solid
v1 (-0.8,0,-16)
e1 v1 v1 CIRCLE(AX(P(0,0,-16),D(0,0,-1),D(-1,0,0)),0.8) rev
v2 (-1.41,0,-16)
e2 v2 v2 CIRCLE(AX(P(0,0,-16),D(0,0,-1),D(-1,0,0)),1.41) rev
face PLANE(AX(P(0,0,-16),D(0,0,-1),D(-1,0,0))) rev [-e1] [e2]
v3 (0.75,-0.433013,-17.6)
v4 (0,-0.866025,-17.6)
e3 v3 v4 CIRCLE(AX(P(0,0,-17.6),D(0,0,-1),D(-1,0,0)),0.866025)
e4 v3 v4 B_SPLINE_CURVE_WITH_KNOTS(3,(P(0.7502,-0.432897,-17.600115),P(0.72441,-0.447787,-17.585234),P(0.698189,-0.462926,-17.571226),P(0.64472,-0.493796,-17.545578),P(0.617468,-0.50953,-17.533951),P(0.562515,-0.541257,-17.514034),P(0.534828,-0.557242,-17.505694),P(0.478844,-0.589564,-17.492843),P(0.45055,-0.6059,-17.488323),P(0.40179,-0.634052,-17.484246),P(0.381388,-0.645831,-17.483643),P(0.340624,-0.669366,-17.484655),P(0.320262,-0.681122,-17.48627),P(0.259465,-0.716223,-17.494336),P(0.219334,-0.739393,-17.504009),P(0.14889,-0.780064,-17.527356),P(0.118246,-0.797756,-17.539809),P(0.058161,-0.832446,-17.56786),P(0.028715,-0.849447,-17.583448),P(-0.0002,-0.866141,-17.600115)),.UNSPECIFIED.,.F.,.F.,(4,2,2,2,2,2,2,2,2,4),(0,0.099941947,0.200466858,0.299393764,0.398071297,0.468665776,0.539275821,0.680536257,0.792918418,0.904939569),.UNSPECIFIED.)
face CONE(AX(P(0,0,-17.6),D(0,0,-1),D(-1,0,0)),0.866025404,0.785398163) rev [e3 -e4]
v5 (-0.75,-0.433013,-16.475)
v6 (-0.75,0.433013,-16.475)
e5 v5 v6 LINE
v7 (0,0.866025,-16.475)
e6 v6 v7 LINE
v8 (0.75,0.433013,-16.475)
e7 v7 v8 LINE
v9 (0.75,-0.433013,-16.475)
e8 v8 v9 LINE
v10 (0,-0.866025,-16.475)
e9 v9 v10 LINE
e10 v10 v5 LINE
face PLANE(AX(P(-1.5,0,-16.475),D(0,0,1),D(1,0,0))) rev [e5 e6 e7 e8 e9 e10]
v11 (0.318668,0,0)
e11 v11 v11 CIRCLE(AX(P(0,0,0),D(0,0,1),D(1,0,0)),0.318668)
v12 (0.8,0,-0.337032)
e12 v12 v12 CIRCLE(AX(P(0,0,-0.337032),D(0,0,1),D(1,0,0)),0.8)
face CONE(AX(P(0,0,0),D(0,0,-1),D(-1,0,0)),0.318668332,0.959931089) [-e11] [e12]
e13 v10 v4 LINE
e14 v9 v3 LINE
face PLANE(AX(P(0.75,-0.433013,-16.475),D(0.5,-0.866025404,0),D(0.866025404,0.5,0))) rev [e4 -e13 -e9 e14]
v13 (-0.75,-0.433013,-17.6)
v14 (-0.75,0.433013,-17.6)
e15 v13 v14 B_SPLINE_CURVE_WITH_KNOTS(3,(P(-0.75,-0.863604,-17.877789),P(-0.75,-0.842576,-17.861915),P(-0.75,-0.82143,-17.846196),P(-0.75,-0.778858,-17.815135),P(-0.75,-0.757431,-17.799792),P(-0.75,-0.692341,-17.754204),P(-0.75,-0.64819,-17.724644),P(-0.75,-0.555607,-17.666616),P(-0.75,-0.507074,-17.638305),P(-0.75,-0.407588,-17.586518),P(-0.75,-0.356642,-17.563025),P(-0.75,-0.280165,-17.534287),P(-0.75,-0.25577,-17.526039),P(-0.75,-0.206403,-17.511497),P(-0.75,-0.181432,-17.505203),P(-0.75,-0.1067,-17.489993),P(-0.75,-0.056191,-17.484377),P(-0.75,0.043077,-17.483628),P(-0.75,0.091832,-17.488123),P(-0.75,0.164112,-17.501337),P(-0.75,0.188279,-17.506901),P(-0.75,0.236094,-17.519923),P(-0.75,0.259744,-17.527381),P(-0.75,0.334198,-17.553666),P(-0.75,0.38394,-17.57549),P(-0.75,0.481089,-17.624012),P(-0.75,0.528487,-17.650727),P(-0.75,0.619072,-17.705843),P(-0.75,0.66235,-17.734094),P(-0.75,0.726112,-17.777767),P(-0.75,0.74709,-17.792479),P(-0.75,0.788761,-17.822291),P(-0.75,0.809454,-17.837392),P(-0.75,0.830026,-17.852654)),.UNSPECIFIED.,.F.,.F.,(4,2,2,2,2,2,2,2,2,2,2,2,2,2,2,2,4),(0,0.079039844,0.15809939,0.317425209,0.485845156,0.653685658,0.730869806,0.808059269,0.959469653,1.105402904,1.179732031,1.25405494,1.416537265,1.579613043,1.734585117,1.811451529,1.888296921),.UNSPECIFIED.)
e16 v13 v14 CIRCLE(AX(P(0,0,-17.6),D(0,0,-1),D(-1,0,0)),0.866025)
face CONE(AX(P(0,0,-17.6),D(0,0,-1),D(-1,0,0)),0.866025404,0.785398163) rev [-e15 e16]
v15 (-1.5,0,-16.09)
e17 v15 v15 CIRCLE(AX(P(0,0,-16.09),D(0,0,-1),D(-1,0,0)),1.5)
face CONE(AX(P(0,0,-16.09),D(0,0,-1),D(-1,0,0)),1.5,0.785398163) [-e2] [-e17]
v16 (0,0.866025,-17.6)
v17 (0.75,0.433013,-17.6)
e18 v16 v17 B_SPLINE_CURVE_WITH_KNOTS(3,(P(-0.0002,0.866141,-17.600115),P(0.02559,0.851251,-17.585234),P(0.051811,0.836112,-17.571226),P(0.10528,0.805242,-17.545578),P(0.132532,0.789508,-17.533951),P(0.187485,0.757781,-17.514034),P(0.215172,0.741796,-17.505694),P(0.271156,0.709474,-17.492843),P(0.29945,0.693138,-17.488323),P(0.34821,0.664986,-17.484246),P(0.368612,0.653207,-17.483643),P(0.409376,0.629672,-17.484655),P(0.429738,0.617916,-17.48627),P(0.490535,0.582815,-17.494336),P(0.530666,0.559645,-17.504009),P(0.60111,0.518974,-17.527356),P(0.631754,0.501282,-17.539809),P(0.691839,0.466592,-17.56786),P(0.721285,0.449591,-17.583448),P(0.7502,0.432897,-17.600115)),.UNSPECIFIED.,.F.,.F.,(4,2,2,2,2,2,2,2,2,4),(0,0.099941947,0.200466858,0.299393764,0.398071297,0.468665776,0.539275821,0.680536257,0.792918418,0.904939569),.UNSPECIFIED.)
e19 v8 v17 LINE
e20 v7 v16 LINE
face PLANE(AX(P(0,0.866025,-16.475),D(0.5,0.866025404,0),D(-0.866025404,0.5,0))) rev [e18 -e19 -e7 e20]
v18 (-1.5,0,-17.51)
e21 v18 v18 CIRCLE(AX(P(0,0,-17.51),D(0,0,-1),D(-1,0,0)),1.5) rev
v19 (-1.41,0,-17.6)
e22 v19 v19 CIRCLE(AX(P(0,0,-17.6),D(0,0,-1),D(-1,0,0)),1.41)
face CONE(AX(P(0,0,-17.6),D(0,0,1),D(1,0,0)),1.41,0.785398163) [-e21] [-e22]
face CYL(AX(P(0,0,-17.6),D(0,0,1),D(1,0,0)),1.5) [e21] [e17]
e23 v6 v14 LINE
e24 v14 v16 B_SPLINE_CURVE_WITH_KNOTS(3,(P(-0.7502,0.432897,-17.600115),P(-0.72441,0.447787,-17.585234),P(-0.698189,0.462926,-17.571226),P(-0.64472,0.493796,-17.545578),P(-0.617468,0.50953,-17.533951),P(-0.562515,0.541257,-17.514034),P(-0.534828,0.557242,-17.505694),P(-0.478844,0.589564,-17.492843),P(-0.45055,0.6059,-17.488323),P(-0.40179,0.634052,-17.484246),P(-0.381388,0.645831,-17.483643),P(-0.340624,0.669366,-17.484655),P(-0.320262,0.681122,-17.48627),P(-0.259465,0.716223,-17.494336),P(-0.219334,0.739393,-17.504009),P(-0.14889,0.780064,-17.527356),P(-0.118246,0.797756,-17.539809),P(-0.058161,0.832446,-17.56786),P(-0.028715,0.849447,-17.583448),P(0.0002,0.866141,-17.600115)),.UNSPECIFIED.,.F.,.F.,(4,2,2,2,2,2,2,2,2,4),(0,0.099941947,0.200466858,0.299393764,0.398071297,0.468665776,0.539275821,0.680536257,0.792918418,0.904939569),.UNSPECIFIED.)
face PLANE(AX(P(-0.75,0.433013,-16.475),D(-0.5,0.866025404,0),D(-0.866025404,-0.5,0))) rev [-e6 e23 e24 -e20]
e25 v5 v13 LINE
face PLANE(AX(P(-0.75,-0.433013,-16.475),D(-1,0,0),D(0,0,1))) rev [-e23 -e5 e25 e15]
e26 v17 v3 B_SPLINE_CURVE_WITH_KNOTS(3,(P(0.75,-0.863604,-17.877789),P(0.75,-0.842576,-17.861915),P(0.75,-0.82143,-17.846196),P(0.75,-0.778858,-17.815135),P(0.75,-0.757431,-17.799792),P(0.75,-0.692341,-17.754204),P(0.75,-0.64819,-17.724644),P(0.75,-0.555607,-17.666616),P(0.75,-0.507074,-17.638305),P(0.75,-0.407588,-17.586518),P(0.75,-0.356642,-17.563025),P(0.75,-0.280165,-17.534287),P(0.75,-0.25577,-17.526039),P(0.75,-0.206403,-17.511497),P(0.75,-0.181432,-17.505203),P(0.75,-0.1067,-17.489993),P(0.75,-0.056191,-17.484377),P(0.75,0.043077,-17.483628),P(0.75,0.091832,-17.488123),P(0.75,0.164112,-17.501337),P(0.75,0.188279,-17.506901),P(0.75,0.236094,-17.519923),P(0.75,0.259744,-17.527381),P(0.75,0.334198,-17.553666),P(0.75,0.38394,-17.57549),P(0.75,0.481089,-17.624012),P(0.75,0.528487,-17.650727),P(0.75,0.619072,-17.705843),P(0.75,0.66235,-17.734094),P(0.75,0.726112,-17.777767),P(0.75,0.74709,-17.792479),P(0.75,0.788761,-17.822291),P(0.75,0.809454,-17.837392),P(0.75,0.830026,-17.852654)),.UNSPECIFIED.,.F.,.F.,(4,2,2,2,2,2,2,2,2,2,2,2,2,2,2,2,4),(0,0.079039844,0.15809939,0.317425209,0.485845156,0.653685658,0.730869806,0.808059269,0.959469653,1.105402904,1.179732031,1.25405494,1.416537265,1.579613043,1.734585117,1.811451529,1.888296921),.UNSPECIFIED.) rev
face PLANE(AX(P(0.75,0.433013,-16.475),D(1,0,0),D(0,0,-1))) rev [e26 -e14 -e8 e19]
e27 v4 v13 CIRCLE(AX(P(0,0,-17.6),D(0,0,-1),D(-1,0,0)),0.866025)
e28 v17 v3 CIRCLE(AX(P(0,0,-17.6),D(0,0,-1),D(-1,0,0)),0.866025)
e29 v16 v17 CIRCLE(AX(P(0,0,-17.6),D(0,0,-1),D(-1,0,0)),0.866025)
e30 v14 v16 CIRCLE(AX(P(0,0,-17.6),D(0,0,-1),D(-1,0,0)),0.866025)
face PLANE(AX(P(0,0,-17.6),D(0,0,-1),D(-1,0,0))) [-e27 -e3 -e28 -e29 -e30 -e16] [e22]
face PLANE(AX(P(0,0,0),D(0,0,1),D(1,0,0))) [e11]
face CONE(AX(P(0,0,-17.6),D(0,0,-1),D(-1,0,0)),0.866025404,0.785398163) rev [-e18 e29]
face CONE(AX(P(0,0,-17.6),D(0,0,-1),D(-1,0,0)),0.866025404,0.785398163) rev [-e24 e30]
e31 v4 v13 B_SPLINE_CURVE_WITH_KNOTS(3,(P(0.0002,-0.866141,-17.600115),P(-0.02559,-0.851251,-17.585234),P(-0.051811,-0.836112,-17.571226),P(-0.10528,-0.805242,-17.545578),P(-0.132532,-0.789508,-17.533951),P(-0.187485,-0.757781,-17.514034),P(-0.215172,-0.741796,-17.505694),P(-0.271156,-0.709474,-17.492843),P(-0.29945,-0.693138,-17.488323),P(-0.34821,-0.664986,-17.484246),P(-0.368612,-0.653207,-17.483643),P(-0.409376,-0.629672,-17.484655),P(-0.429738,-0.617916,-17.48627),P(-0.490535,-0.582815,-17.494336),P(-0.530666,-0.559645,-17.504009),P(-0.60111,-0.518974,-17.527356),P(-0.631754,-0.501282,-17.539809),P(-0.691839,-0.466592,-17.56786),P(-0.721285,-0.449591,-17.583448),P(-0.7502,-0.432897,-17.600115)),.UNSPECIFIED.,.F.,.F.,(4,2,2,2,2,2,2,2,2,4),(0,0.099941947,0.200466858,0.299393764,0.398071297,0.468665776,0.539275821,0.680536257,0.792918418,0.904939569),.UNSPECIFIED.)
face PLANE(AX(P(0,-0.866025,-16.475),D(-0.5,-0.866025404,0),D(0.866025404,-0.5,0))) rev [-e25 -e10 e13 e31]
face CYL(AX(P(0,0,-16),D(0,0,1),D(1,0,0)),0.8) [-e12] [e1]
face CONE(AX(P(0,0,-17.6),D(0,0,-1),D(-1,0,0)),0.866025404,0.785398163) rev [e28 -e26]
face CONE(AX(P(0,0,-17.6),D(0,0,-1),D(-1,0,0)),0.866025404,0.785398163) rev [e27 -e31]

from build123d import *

# Parameters (mm, degrees)
SKETCH1_R          = 0.8
EXTRUDE1_DEPTH     = 16
SKETCH6_R          = 1.5
EXTRUDE2_DEPTH     = 1.6
CUT_EXTRUDE1_DEPTH = 1.125
CHAMFER1_SIZE      = 0.09


with BuildPart() as part:
    # Sketch1 → Extrude1 (new body)
    with BuildSketch(Plane.XY):
        Circle(SKETCH1_R)
    extrude(amount=-EXTRUDE1_DEPTH)

    # Sketch4 → Cut-Revolve1 (revolve, cut)
    with BuildSketch(Plane(origin=(0, 0, 0), x_dir=(0, 0, -1), z_dir=(1, 0, 0))):
        Polygon((0.337032063, 0.8), (0, 0.318668332), (0, 0.8), align=None)
    revolve(axis=Axis((0, 0, 0), (0, 0, -1)), mode=Mode.SUBTRACT)

    # Sketch6 → Extrude2 (add)
    with BuildSketch(Plane(origin=(0, 0, -16), x_dir=(-1, 0, 0), z_dir=(0, 0, -1))):
        Circle(SKETCH6_R)
    extrude(amount=EXTRUDE2_DEPTH)

    # Sketch7 → Cut-Extrude1 (cut)
    with BuildSketch(Plane(origin=(0, 0, -17.6), x_dir=(-1, 0, 0), z_dir=(0, 0, -1))):
        Polygon((0, 0.866025404), (-0.75, 0.433012702), (-0.75, -0.433012702), (0, -0.866025404), (0.75, -0.433012702), (0.75, 0.433012702), align=None)
    extrude(amount=-CUT_EXTRUDE1_DEPTH, mode=Mode.SUBTRACT)

    # Cut-Extrude2 cone 1 section (through the dimple's axis) → Cut-Extrude2 (revolve, cut)
    with BuildSketch(Plane(origin=(0, 0, -17.6), x_dir=(0, 1, 0), z_dir=(1, 0, 0))):
        Polygon((0, 0), (0.866025404, 0), (0, 0.866025404), align=None)
    revolve(axis=Axis((0, 0, -17.6), (0, 0, 1)), mode=Mode.SUBTRACT)

    # Chamfer1
    chamfer1_edges = [part.edges().sort_by_distance(p)[0] for p in [
        (1.5, 0, -17.6),
        (1.5, 0, -16),
    ]]
    chamfer(chamfer1_edges, length=CHAMFER1_SIZE)

    # Sketch10 → Revolve1 (revolve)
    with BuildSketch(Plane(origin=(0, 0, 0), x_dir=(0, 0, -1), z_dir=(1, 0, 0))):
        Polygon((16, 0.8), (16, 0), (15.58112915, 0), (15.9125, 0.8), align=None)
    revolve(axis=Axis((0, 0, -16), (0, 0, 1)))


solid = part.part
